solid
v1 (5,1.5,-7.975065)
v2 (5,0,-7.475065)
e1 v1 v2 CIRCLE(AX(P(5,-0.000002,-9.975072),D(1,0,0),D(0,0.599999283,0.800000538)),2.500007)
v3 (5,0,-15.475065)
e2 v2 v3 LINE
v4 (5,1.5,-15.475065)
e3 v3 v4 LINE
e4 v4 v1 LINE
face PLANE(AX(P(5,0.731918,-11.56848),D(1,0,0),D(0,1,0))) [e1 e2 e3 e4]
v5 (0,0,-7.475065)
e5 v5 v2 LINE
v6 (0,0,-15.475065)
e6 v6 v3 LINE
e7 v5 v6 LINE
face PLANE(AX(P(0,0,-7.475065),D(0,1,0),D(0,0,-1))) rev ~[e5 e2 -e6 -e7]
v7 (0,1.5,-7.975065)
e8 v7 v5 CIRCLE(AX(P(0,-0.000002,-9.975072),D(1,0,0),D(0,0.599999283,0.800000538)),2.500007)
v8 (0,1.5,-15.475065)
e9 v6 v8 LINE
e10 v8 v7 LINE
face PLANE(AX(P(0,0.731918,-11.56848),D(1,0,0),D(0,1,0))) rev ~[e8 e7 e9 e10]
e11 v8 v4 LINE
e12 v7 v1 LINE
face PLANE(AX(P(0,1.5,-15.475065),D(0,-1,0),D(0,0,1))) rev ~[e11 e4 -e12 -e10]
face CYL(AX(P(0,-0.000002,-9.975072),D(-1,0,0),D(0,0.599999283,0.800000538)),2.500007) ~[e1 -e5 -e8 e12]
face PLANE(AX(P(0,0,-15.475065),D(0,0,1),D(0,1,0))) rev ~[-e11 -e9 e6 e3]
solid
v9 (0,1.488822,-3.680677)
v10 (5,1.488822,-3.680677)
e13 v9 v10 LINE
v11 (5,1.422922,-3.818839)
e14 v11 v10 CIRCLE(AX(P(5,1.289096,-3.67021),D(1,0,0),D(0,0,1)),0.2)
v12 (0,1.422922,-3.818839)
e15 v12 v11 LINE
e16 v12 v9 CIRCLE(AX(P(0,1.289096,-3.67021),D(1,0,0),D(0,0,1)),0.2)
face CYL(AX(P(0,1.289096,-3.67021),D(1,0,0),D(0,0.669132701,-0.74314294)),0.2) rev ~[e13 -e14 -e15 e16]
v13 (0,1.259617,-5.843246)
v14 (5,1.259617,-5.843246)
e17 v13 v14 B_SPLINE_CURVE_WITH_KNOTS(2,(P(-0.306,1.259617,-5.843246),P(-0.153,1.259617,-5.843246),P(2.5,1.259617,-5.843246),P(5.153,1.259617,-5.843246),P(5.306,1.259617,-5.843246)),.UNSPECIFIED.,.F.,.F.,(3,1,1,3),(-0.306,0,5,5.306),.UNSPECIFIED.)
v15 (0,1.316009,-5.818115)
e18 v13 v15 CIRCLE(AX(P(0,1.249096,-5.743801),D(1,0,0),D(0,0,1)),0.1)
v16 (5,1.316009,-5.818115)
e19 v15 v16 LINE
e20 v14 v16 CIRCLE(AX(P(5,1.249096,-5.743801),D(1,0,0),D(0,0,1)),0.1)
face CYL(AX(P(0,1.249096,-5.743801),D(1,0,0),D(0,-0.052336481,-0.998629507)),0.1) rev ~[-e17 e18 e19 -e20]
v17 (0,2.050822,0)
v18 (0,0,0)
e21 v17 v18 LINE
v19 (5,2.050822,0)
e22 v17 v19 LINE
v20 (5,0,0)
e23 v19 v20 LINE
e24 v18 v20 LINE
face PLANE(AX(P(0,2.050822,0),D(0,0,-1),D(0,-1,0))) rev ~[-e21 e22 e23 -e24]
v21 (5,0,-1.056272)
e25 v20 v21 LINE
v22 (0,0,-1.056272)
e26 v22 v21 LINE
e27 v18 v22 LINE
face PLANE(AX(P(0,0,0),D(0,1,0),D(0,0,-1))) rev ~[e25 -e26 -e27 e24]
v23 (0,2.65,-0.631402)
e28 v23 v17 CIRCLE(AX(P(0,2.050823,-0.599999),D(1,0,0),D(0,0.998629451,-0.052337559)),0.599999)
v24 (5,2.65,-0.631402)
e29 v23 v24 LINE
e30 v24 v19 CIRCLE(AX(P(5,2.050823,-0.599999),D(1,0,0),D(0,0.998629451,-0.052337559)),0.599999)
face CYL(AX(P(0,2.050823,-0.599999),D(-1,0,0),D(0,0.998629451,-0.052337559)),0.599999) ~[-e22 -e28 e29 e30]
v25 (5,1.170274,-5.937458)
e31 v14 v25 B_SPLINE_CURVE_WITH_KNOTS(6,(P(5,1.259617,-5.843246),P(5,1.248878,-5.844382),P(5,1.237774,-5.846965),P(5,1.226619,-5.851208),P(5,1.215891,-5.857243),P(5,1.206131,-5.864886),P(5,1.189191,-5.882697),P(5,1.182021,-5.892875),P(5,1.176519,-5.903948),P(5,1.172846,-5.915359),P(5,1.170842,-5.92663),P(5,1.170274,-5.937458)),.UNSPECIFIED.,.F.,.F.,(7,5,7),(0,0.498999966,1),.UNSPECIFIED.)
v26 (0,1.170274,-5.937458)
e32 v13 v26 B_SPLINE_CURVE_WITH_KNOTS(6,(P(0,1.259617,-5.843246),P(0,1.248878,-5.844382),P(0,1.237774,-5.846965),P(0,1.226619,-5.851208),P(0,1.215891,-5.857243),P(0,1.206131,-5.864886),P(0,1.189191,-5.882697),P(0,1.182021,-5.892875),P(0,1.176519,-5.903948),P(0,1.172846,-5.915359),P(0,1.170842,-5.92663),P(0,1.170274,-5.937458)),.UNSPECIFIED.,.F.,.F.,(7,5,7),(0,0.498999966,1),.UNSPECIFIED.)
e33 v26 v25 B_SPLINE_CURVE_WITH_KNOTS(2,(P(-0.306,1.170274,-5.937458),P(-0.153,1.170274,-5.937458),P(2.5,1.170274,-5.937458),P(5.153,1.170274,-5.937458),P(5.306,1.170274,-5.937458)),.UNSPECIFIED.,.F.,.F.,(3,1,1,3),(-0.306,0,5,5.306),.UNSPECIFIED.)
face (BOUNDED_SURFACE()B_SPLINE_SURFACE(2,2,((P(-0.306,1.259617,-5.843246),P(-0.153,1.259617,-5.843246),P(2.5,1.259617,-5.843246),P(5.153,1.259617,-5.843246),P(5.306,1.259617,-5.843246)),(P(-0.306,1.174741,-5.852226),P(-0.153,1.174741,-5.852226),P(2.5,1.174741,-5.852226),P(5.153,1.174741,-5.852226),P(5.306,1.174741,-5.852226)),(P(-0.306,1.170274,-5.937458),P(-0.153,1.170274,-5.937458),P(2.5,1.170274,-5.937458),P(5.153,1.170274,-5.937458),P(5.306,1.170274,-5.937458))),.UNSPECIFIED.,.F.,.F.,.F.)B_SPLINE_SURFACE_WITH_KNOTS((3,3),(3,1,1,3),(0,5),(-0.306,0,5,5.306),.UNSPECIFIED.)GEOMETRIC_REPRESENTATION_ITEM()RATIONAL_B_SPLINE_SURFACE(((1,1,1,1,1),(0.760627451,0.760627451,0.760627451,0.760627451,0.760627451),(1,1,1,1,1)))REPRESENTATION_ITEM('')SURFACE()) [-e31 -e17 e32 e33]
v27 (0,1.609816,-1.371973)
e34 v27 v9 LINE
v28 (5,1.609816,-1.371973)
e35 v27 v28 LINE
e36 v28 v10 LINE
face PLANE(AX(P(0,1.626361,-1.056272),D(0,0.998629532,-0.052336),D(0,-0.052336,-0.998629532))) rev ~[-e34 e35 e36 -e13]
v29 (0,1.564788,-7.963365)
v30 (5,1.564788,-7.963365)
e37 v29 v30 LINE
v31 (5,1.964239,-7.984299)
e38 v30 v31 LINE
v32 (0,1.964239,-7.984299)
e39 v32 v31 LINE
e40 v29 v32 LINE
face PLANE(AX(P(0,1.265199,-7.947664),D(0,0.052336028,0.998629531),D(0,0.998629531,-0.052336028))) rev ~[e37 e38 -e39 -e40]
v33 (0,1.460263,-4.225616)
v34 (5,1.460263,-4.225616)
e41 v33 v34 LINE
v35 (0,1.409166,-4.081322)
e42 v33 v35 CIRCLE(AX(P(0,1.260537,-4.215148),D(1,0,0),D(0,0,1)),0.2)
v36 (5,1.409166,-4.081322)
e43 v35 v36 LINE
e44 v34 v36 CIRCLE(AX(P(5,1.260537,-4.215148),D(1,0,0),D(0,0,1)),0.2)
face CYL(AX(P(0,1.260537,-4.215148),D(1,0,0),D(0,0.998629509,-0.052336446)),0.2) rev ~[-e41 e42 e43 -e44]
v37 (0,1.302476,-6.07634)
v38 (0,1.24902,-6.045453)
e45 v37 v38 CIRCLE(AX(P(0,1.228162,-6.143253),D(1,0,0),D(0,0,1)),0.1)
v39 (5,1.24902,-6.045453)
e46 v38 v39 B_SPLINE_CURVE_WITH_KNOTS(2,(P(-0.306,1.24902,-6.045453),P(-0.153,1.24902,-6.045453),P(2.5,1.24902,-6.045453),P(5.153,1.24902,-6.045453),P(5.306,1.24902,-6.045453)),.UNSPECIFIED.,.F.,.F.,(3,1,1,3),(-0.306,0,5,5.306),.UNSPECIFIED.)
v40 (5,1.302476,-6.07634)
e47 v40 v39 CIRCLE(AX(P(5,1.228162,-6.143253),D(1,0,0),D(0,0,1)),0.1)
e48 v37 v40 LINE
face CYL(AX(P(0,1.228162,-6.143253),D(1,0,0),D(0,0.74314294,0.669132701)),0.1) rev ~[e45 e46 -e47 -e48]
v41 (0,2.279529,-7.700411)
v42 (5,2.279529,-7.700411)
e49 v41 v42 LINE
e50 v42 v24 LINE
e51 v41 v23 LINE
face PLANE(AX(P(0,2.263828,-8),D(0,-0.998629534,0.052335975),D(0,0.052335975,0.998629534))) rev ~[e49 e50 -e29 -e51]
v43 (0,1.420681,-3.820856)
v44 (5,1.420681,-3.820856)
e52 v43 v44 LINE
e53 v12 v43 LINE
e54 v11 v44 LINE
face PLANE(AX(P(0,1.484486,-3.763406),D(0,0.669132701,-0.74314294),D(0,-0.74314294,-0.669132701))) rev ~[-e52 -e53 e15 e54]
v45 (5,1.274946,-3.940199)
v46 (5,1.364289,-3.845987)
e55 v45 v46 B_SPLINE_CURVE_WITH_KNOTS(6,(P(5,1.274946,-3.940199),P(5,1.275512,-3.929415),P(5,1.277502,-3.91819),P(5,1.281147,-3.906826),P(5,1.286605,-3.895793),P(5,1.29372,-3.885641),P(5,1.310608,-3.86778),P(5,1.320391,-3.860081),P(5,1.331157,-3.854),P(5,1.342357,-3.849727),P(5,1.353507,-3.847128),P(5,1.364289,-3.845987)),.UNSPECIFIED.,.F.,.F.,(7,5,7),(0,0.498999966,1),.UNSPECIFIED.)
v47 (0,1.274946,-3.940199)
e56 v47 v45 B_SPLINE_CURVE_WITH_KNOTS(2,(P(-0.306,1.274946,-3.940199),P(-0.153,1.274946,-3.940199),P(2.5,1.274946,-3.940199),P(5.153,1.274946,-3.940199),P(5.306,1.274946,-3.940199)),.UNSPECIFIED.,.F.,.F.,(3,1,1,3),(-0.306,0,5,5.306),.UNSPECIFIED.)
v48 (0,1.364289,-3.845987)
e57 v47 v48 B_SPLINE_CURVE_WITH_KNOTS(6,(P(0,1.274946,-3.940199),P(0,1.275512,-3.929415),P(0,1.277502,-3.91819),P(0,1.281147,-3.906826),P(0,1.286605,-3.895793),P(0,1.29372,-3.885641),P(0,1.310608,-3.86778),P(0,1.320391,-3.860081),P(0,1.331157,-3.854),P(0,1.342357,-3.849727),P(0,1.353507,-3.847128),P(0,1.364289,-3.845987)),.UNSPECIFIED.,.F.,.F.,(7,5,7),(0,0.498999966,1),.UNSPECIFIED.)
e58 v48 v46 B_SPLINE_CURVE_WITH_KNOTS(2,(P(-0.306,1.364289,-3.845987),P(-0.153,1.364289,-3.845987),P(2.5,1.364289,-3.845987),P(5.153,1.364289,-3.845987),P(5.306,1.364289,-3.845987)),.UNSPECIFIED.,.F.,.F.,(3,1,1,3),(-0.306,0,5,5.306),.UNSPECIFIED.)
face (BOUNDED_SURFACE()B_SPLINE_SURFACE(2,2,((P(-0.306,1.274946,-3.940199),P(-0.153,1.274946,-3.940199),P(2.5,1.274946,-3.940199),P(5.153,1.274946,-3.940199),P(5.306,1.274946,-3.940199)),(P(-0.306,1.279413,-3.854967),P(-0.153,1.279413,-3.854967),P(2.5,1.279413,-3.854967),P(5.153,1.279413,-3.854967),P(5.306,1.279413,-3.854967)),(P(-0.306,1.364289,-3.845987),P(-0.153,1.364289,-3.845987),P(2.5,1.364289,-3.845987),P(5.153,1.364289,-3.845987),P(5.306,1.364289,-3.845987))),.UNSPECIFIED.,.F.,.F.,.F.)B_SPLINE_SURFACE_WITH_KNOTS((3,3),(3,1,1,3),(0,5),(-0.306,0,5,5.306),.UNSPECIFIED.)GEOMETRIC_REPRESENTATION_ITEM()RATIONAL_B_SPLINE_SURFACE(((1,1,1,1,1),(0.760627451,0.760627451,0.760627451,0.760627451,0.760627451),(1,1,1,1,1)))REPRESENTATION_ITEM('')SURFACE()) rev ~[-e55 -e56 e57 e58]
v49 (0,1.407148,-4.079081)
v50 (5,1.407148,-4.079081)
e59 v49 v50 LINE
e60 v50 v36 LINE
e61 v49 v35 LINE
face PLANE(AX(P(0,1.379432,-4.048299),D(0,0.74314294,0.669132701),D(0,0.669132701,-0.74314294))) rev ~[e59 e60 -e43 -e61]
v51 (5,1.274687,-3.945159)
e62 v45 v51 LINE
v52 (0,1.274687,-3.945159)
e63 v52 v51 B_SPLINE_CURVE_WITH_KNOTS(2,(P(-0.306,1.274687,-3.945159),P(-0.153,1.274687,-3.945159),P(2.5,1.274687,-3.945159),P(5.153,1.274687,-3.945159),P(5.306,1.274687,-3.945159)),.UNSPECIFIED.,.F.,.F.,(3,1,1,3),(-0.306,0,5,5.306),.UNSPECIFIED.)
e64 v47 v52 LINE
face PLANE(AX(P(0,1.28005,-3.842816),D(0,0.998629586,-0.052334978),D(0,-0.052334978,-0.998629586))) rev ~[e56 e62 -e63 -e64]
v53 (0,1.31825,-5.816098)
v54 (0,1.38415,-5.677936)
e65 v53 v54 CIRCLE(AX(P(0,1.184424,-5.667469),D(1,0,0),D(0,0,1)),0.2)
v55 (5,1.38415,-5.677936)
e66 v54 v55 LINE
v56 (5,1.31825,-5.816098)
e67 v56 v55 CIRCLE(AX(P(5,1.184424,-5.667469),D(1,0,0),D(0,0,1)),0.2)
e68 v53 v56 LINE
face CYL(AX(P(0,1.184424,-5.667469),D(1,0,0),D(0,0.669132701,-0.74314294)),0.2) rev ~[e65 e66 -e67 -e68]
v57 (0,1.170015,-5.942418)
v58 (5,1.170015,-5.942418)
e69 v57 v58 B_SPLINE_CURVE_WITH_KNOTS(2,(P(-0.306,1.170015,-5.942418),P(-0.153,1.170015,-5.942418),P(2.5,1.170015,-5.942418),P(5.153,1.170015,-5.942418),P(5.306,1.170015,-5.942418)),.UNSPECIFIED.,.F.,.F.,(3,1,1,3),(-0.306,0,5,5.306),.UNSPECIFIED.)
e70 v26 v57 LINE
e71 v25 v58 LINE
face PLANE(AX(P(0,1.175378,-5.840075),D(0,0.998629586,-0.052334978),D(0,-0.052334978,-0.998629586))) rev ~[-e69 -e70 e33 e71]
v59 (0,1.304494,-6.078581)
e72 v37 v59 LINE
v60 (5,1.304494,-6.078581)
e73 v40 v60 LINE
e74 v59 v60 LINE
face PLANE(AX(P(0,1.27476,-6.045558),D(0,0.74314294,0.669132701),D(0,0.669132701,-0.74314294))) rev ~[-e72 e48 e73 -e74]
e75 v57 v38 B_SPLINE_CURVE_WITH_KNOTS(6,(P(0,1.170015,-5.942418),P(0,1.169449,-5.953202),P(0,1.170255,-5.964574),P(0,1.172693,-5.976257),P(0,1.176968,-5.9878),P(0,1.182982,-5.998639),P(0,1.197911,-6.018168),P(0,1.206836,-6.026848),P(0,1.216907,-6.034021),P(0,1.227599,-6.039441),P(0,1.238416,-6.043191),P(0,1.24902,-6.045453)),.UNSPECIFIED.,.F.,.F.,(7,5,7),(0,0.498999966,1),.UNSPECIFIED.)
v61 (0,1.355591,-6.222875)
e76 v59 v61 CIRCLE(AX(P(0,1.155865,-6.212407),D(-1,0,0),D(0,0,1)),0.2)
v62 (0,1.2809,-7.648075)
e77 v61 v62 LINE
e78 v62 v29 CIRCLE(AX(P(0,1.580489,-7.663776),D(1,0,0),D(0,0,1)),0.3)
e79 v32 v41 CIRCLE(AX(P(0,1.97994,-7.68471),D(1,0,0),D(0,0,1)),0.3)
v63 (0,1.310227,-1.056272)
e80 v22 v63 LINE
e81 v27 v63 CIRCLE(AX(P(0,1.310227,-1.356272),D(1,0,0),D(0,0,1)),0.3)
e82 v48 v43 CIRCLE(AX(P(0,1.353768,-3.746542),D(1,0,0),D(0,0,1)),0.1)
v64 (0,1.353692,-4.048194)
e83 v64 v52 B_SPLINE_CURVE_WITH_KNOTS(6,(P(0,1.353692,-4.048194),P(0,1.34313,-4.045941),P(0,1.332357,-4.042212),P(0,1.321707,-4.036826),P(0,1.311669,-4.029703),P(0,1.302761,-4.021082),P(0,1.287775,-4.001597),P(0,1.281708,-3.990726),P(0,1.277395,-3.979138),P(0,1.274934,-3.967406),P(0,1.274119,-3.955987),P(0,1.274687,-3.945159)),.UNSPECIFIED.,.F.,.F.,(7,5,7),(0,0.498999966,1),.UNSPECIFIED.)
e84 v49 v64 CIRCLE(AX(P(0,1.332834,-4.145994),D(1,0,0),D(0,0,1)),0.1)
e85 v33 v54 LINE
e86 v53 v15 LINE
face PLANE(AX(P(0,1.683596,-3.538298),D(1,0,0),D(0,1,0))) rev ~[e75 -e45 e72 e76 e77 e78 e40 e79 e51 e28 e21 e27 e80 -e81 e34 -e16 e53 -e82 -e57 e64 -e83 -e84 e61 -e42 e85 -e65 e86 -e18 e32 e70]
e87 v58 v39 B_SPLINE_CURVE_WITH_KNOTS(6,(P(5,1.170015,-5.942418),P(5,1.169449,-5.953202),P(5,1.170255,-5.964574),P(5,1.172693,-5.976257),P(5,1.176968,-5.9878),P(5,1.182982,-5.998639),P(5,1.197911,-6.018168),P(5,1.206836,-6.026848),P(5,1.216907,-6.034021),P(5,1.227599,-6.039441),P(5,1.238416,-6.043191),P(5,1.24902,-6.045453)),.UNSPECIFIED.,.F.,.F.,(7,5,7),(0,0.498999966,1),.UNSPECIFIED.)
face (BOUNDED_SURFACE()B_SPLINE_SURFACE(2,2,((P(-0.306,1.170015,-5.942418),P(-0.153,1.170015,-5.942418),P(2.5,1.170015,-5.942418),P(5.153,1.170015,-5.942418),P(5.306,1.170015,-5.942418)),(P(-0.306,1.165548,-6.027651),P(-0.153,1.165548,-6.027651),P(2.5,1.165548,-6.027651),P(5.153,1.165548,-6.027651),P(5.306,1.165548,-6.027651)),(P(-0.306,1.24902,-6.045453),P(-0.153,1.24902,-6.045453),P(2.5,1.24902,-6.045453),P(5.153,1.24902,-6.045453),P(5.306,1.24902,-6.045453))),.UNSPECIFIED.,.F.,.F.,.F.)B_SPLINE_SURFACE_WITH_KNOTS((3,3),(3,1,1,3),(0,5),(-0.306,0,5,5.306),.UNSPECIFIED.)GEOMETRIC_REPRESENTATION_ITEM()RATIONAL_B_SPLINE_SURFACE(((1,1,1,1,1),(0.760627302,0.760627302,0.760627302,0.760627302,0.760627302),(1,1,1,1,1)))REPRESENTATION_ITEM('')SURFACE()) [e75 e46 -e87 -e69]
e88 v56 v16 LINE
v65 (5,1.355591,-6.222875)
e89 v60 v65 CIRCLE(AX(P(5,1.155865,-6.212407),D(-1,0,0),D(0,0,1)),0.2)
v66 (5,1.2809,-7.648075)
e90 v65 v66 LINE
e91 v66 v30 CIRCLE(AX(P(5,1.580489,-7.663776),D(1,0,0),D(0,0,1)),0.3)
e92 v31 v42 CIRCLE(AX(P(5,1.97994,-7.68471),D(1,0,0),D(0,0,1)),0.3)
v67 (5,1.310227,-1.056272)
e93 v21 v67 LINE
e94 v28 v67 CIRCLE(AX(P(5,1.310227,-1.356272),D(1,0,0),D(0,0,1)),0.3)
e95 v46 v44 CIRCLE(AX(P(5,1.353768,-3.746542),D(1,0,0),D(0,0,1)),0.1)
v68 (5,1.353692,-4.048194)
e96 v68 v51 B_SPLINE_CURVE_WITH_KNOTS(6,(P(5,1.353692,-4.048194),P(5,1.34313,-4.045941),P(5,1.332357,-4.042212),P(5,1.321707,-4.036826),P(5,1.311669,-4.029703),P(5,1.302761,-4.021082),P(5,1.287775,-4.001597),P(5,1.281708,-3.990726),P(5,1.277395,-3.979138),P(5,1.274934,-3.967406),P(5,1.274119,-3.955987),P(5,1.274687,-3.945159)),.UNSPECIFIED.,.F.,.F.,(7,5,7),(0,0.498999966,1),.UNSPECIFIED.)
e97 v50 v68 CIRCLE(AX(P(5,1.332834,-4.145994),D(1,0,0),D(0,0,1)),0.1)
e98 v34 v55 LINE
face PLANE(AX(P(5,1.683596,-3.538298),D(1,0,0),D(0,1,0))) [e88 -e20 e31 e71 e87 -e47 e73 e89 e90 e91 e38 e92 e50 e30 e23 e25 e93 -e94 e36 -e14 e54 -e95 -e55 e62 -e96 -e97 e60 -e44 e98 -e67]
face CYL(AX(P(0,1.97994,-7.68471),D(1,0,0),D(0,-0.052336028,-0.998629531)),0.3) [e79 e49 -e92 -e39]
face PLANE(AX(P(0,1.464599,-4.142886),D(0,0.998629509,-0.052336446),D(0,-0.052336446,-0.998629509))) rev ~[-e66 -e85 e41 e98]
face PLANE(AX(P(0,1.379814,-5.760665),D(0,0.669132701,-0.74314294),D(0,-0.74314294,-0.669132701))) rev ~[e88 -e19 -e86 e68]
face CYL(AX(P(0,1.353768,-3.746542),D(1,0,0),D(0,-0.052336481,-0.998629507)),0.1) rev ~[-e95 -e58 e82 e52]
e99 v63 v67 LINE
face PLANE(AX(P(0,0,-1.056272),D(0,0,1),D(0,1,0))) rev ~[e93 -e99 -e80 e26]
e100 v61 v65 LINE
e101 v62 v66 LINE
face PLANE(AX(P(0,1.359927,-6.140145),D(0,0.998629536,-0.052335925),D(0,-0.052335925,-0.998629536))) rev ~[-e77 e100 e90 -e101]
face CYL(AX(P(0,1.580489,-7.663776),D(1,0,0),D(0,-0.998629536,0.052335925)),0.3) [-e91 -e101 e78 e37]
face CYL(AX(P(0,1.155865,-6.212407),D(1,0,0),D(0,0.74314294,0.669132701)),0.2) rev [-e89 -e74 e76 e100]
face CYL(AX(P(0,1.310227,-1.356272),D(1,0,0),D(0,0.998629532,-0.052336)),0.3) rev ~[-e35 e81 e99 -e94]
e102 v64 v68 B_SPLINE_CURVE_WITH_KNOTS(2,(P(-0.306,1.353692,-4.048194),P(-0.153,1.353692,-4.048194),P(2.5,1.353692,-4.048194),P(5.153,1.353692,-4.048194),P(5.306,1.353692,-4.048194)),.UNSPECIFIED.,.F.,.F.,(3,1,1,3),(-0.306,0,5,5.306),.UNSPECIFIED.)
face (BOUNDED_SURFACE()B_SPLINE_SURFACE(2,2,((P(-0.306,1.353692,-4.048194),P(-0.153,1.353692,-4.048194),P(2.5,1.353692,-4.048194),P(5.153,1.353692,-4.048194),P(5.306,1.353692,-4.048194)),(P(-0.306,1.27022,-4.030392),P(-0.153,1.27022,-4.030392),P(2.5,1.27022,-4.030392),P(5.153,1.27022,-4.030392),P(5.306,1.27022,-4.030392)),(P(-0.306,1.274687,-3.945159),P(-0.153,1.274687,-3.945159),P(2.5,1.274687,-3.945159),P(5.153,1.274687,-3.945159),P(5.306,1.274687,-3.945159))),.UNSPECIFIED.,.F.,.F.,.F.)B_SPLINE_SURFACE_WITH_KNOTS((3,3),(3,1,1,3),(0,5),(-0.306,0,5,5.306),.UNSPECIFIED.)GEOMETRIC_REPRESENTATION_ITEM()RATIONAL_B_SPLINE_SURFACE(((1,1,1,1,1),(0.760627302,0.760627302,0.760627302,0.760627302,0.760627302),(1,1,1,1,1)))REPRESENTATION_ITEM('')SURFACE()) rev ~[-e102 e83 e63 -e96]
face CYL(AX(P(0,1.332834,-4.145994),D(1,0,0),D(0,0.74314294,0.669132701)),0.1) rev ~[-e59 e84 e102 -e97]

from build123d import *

# Parameters (mm, degrees)
F0_DEPTH  = 5
F1_R      = 0.3
F2_R      = 0.1
F9_R      = 0.2
F10_R     = 0.1
F3_R      = 0.1
F4_R      = 0.2
F5_R      = 0.2
F6_R      = 0.1
F11_R     = 0.1
F7_R      = 0.3
F13_DEPTH = 5


with BuildPart() as f0:
    # F8 (on Right) → F0 (new body)
    with BuildSketch(Plane.YZ):
        with BuildLine():
            Line((2.050822, 0), (0, 0))
            Line((0, 0), (0, -1.056272))
            Line((0, -1.056272), (1.626361, -1.056272))
            Line((1.626361, -1.056272), (1.484486, -3.763406))
            Line((1.484486, -3.763406), (1.389899, -3.848573))
            Line((1.389899, -3.848573), (1.28005, -3.842816))
            Line((1.28005, -3.842816), (1.269583, -4.042542))
            Line((1.269583, -4.042542), (1.379432, -4.048299))
            Line((1.379432, -4.048299), (1.464599, -4.142886))
            Line((1.464599, -4.142886), (1.379814, -5.760665))
            Line((1.379814, -5.760665), (1.285227, -5.845832))
            Line((1.285227, -5.845832), (1.175378, -5.840075))
            Line((1.175378, -5.840075), (1.164911, -6.039801))
            Line((1.164911, -6.039801), (1.27476, -6.045558))
            Line((1.27476, -6.045558), (1.359927, -6.140145))
            Line((1.359927, -6.140145), (1.265199, -7.947664))
            Line((1.265199, -7.947664), (2.263828, -8))
            Line((2.263828, -8), (2.65, -0.631402))
            ThreePointArc((2.65, -0.631402), (2.486047, -0.186987), (2.050822, 0))
        make_face()
    extrude(amount=F0_DEPTH)

    # F1
    f1_edges = [f0.edges().sort_by_distance(p)[0] for p in [
        (2.5, 1.265199, -7.947664),
        (2.5, 2.263828, -8),
    ]]
    fillet(f1_edges, radius=F1_R)

    # F2
    f2_edges = [f0.edges().sort_by_distance(p)[0] for p in [
        (2.5, 1.27476, -6.045558),
    ]]
    fillet(f2_edges, radius=F2_R)

    # F9
    f9_edges = [f0.edges().sort_by_distance(p)[0] for p in [
        (2.5, 1.359927, -6.140145),
    ]]
    fillet(f9_edges, radius=F9_R)

    # F10
    f10_edges = [f0.edges().sort_by_distance(p)[0] for p in [
        (2.5, 1.285227, -5.845832),
    ]]
    fillet(f10_edges, radius=F10_R)

    # F3
    f3_edges = [f0.edges().sort_by_distance(p)[0] for p in [
        (2.5, 1.175378, -5.840075),
        (2.5, 1.164911, -6.039801),
    ]]
    fillet(f3_edges, radius=F3_R)

    # F4
    f4_edges = [f0.edges().sort_by_distance(p)[0] for p in [
        (2.5, 1.379814, -5.760665),
    ]]
    fillet(f4_edges, radius=F4_R)

    # F5
    f5_edges = [f0.edges().sort_by_distance(p)[0] for p in [
        (2.5, 1.464599, -4.142886),
        (2.5, 1.484486, -3.763406),
    ]]
    fillet(f5_edges, radius=F5_R)

    # F6
    f6_edges = [f0.edges().sort_by_distance(p)[0] for p in [
        (2.5, 1.379432, -4.048299),
        (2.5, 1.389899, -3.848573),
    ]]
    fillet(f6_edges, radius=F6_R)

    # F11
    f11_edges = [f0.edges().sort_by_distance(p)[0] for p in [
        (2.5, 1.269583, -4.042542),
        (2.5, 1.28005, -3.842816),
    ]]
    fillet(f11_edges, radius=F11_R)

    # F7
    f7_edges = [f0.edges().sort_by_distance(p)[0] for p in [
        (2.5, 1.626361, -1.056272),
    ]]
    fillet(f7_edges, radius=F7_R)


with BuildPart() as f13:
    # F12 (on Right) → F13 (new body)
    with BuildSketch(Plane.YZ):
        with BuildLine():
            Line((1.5, -15.475065), (1.5, -7.975065))
            ThreePointArc((1.5, -7.975065), (0.790569, -7.603357), (0, -7.475065))
            Line((0, -7.475065), (0, -15.475065))
            Line((0, -15.475065), (1.5, -15.475065))
        make_face()
    extrude(amount=F13_DEPTH)


solid = Compound([f0.part, f13.part])
